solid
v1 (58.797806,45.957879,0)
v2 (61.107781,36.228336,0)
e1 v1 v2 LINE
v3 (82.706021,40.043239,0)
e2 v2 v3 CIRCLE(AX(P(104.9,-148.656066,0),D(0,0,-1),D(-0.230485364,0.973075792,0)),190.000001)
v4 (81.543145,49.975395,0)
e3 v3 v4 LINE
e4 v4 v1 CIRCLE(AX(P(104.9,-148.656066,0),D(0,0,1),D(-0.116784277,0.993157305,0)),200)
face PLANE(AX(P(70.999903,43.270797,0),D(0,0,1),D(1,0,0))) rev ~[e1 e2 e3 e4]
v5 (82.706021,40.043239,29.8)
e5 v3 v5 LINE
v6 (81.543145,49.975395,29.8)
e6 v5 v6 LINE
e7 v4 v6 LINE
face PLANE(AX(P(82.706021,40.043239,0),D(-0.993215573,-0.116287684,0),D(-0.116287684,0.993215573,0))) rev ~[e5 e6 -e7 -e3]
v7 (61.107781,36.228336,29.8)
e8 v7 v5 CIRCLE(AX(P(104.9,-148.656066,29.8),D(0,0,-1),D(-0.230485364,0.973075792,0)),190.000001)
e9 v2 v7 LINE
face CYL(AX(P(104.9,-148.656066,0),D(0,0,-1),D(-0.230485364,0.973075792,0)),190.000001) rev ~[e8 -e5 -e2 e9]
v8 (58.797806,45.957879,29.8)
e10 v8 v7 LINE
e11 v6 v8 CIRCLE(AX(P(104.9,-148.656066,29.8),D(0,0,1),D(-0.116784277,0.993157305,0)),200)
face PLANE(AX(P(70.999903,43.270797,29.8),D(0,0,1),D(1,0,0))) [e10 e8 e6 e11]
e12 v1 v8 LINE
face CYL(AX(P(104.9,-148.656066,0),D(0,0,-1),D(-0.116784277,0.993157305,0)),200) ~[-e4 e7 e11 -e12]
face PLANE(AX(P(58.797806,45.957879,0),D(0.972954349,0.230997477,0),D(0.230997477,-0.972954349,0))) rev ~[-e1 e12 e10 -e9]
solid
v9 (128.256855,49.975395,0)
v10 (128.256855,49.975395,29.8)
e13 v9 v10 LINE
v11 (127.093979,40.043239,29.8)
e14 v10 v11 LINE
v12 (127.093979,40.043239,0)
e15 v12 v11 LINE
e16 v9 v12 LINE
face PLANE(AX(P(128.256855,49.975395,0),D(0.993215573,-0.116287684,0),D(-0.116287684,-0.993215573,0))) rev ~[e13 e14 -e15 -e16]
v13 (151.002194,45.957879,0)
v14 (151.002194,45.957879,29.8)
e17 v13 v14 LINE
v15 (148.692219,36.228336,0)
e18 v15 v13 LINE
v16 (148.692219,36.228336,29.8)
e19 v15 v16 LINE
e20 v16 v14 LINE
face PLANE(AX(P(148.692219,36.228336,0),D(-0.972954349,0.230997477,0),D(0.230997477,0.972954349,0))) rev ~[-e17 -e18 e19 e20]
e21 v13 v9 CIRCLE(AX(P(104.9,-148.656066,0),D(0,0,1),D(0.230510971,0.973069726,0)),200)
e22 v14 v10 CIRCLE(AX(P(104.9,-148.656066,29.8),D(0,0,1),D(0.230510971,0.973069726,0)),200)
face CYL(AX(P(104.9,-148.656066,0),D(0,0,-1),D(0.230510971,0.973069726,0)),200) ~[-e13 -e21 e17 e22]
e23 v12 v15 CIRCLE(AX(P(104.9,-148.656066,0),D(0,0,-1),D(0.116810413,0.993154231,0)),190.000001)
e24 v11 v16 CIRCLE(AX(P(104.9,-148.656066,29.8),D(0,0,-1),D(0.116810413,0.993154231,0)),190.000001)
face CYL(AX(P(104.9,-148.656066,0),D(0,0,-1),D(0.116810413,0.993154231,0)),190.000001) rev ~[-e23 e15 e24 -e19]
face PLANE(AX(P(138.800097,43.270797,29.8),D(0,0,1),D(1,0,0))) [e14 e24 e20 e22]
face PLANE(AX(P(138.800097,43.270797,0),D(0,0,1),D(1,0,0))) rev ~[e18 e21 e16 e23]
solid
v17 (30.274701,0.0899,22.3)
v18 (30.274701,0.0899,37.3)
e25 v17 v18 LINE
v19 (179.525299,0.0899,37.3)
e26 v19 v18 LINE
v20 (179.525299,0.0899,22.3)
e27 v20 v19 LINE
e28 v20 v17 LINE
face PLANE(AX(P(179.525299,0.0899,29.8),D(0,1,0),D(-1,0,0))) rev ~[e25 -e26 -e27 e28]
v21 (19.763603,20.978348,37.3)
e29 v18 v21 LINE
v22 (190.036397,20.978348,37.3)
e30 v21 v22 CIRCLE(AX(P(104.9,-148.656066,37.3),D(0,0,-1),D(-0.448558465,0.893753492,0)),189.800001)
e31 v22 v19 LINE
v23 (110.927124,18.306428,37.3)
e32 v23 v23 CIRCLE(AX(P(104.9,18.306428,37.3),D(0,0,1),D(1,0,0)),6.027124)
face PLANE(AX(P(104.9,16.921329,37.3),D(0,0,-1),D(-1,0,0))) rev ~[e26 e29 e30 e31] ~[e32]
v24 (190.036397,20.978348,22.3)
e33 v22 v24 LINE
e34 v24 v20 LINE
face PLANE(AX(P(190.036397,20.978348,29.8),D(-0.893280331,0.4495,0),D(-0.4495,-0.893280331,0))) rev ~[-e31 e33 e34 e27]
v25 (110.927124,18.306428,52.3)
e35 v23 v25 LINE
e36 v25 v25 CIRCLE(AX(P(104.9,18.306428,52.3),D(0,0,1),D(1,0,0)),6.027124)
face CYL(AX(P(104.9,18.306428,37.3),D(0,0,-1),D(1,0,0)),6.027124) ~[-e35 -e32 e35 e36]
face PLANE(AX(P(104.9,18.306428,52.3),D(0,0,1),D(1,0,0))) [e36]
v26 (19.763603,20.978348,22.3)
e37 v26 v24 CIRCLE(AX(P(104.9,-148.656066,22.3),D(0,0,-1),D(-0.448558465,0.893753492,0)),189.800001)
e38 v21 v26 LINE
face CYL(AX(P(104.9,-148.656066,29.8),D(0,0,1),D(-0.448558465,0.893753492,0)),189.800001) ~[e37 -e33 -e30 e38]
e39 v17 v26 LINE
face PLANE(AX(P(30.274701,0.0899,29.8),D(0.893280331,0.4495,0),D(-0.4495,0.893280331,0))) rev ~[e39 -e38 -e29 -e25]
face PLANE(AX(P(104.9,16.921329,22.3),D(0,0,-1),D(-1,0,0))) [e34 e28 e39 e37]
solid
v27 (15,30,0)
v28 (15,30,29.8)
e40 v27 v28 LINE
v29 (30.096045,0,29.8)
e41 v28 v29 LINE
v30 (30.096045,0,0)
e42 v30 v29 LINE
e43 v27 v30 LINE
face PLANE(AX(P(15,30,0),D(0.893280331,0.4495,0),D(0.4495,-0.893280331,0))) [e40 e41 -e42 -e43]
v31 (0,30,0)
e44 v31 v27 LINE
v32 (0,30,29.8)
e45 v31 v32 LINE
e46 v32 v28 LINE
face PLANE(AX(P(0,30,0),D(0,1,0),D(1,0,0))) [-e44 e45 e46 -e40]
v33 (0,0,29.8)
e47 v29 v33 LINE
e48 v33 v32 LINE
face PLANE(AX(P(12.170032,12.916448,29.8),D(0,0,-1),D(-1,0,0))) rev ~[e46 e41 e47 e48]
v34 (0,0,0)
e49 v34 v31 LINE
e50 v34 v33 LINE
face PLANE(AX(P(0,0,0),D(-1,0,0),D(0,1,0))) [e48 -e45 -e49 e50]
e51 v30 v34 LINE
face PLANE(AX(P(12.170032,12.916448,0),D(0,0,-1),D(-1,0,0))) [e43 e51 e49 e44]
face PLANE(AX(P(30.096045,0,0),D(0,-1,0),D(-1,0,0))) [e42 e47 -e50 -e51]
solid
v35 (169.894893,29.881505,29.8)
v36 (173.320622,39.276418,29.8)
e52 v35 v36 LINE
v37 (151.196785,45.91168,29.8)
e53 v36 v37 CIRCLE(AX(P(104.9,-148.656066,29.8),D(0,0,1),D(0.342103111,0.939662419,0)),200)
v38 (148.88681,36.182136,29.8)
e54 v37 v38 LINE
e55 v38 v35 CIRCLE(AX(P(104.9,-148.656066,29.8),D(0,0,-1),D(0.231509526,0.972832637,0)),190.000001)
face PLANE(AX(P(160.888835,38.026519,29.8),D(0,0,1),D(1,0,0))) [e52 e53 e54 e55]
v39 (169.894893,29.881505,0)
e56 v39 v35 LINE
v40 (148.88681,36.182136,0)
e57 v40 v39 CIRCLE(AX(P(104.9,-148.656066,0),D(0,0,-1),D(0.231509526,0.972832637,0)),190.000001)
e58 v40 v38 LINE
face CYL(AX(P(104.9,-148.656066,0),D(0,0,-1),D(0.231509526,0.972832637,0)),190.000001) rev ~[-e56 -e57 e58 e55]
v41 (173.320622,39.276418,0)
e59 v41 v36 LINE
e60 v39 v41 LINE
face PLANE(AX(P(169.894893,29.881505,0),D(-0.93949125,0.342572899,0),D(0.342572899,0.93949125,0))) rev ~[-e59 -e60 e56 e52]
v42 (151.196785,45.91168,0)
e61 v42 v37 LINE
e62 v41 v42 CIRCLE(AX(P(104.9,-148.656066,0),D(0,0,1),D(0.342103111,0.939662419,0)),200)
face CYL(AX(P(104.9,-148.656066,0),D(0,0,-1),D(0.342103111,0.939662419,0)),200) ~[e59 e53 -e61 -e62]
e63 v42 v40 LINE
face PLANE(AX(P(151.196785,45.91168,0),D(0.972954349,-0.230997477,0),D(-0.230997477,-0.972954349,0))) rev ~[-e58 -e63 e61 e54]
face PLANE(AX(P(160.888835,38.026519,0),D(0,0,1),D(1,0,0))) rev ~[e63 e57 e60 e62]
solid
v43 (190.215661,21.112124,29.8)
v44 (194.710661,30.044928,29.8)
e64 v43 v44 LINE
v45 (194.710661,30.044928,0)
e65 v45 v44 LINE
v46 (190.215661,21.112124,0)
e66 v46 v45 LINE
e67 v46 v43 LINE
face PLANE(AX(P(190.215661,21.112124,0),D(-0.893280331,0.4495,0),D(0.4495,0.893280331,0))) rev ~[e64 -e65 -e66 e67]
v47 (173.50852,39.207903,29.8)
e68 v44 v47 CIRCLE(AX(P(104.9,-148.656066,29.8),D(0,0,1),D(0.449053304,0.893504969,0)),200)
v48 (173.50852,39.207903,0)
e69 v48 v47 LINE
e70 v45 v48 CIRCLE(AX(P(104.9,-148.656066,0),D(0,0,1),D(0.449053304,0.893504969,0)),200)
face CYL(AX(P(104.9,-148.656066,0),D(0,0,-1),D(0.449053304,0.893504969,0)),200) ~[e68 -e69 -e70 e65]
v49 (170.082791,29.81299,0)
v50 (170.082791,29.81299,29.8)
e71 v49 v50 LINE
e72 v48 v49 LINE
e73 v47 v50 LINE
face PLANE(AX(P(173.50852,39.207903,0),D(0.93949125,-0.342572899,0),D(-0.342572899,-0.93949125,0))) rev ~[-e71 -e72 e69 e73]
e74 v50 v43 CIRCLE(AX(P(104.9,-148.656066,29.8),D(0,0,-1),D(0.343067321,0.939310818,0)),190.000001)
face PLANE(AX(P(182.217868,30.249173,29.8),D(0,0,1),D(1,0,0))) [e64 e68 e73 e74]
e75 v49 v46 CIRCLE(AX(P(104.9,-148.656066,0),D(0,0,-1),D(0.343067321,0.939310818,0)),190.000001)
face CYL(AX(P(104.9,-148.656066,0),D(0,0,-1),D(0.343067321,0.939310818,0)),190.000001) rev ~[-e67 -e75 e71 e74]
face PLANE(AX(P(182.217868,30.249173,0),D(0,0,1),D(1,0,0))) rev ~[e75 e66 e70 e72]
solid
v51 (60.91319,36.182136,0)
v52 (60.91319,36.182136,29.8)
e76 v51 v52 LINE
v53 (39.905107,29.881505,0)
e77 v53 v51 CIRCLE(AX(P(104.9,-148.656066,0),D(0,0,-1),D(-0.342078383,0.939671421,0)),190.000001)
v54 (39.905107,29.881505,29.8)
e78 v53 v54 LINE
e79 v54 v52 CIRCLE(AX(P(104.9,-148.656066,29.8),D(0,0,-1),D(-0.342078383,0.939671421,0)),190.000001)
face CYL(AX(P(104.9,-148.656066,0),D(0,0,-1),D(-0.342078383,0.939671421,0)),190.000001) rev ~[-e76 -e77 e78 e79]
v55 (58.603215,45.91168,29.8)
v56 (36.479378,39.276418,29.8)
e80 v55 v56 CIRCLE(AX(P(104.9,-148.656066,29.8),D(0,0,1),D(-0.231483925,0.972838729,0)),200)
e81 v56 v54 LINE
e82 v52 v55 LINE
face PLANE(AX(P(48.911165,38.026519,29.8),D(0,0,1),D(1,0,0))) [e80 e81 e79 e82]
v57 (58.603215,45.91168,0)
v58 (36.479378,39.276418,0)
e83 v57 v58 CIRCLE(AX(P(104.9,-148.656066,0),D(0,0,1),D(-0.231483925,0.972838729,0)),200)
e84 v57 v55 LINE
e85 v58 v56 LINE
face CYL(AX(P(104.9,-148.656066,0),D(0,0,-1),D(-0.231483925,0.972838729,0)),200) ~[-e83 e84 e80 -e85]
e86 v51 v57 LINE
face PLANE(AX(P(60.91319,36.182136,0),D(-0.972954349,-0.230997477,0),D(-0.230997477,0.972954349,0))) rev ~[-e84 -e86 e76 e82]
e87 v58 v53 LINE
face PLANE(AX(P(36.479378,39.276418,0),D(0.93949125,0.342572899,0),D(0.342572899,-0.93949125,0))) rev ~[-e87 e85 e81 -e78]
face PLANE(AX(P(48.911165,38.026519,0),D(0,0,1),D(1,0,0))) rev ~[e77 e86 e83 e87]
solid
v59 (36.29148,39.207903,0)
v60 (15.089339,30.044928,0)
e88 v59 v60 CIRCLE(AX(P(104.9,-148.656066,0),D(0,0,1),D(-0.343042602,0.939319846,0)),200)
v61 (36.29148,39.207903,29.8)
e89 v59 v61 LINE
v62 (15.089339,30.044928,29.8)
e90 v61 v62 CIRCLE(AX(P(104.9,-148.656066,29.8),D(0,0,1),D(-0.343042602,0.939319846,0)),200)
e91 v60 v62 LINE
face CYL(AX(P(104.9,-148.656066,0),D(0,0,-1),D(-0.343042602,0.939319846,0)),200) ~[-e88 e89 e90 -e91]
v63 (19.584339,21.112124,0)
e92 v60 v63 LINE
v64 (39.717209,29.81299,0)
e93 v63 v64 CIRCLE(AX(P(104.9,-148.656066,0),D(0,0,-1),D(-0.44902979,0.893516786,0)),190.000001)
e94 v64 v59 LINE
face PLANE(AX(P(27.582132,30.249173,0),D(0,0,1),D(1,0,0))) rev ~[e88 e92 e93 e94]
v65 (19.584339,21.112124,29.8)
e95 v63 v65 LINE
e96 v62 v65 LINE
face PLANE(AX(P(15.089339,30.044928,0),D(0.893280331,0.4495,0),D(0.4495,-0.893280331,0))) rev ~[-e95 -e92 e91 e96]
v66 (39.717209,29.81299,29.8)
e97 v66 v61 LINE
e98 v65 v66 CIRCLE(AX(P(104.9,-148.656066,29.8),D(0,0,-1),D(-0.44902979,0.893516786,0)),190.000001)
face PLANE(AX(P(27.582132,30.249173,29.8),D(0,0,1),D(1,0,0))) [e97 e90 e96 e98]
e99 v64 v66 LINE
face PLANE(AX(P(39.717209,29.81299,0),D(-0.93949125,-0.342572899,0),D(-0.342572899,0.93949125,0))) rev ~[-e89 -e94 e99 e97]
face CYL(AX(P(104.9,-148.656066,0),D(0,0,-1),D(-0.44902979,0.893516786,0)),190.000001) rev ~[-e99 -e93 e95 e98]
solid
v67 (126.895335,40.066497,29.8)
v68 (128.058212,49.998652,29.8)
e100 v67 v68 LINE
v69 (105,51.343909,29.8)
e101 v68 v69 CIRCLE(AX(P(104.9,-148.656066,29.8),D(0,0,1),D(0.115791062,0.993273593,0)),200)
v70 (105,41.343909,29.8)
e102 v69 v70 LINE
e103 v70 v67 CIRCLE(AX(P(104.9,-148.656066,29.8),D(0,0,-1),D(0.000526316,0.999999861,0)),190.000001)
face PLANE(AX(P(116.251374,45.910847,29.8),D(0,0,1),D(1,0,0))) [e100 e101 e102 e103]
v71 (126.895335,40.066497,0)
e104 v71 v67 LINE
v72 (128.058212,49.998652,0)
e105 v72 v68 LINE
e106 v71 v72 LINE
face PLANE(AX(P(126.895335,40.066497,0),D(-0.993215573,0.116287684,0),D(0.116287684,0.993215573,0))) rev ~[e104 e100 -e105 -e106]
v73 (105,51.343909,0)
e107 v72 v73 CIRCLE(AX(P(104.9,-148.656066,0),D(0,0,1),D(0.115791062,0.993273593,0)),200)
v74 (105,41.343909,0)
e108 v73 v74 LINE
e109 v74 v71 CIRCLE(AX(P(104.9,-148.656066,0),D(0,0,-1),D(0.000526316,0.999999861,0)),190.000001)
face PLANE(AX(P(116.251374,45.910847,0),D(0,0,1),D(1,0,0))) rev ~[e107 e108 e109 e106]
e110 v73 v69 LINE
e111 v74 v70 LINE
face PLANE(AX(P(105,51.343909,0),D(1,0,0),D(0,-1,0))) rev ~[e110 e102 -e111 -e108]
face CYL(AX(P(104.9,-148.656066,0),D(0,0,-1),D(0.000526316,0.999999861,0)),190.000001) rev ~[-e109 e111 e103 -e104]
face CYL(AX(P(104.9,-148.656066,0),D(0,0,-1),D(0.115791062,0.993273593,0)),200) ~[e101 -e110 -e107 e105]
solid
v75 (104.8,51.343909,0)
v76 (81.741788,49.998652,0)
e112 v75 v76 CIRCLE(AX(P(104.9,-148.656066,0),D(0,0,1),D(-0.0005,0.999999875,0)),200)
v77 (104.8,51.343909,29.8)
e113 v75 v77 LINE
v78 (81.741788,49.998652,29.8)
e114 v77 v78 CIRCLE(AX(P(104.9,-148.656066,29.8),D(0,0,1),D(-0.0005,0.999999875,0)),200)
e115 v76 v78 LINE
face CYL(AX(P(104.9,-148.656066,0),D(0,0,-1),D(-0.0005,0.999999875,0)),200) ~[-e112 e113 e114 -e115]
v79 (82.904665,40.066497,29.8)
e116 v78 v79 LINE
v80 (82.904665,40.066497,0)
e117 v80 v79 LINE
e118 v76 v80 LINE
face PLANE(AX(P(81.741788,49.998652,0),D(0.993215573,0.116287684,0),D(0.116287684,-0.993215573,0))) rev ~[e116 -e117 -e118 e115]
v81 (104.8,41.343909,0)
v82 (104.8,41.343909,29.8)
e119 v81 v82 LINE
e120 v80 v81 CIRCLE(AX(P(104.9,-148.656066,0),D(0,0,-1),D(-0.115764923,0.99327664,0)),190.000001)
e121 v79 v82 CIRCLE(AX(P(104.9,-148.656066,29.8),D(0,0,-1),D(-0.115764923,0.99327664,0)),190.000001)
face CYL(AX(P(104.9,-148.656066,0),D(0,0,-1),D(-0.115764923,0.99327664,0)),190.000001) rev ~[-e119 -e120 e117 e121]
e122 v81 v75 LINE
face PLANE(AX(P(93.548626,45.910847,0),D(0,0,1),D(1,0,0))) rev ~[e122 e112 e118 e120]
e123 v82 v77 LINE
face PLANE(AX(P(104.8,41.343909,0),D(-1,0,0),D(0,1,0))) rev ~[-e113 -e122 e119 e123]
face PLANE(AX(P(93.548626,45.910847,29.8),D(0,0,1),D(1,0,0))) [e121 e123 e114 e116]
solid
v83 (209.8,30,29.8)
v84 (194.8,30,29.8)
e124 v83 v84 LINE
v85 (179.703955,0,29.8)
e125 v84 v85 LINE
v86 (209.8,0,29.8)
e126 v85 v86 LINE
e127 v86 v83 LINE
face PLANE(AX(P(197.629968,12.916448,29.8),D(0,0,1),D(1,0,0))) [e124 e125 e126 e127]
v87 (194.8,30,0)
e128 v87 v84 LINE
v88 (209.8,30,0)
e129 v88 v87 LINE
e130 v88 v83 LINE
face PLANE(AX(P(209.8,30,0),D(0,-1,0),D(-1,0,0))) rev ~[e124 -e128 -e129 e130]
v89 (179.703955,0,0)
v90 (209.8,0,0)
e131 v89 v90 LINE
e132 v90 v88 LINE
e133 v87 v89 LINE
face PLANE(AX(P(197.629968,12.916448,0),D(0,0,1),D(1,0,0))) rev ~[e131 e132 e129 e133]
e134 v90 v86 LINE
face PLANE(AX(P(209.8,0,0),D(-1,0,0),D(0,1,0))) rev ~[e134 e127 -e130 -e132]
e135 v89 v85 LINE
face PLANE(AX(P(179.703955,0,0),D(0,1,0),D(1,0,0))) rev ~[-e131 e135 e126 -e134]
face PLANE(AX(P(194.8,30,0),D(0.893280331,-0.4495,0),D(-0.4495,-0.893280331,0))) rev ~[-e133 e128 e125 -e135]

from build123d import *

# Parameters (mm, degrees)
BOSS_EXTRUDE1_DEPTH    = 29.8
BOSS_EXTRUDE1_2_DEPTH  = 29.8
BOSS_EXTRUDE1_3_DEPTH  = 29.8
BOSS_EXTRUDE1_4_DEPTH  = 29.8
BOSS_EXTRUDE1_5_DEPTH  = 29.8
BOSS_EXTRUDE1_6_DEPTH  = 29.8
BOSS_EXTRUDE1_7_DEPTH  = 29.8
BOSS_EXTRUDE1_8_DEPTH  = 29.8
BOSS_EXTRUDE1_9_DEPTH  = 29.8
BOSS_EXTRUDE1_10_DEPTH = 29.8
BOSS_EXTRUDE2_DEPTH    = 7.5
SKETCH3_R              = 6.027124085
BOSS_EXTRUDE3_DEPTH    = 15


with BuildPart() as part:
    # Sketch1 → Boss-Extrude1 (new body)
    with BuildSketch(Plane.XY):
        Polygon((0, 0), (0, 30), (15, 30), (30.096044914, 0), align=None)
    extrude(amount=BOSS_EXTRUDE1_DEPTH)


with BuildPart() as body_2:
    # Sketch1 → Boss-Extrude1 2 (new body)
    with BuildSketch(Plane.XY):
        Polygon((179.703955086, 0), (209.8, 0), (209.8, 30), (194.8, 30), align=None)
    extrude(amount=BOSS_EXTRUDE1_2_DEPTH)


with BuildPart() as body_3:
    # Sketch1 → Boss-Extrude1 3 (new body)
    with BuildSketch(Plane.XY):
        with BuildLine():
            Line((15.089339271, 30.044927668), (19.584339271, 21.112124357))
            ThreePointArc((19.584339271, 21.112124357), (29.525121598, 25.753303377), (39.717208561, 29.812990475))
            Line((39.717208561, 29.812990475), (36.291479568, 39.207902974))
            ThreePointArc((36.291479568, 39.207902974), (25.558023285, 34.932742611), (15.089339271, 30.044927668))
        make_face()
    extrude(amount=BOSS_EXTRUDE1_3_DEPTH)


with BuildPart() as body_4:
    # Sketch1 → Boss-Extrude1 4 (new body)
    with BuildSketch(Plane.XY):
        with BuildLine():
            Line((36.479377818, 39.276417553), (39.905106811, 29.881505054))
            ThreePointArc((39.905106811, 29.881505054), (50.318158586, 33.335205782), (60.913189689, 36.182136043))
            Line((60.913189689, 36.182136043), (58.603214918, 45.911679535))
            ThreePointArc((58.603214918, 45.911679535), (47.445430489, 42.913692456), (36.479377818, 39.276417553))
        make_face()
    extrude(amount=BOSS_EXTRUDE1_4_DEPTH)


with BuildPart() as body_5:
    # Sketch1 → Boss-Extrude1 5 (new body)
    with BuildSketch(Plane.XY):
        with BuildLine():
            Line((58.797805788, 45.95787903), (61.107780559, 36.228335538))
            ThreePointArc((61.107780559, 36.228335538), (71.851808604, 38.447695213), (82.706021419, 40.043239056))
            Line((82.706021419, 40.043239056), (81.54314458, 49.975394787))
            ThreePointArc((81.54314458, 49.975394787), (70.11243035, 48.295260241), (58.797805788, 45.95787903))
        make_face()
    extrude(amount=BOSS_EXTRUDE1_5_DEPTH)


with BuildPart() as body_6:
    # Sketch1 → Boss-Extrude1 6 (new body)
    with BuildSketch(Plane.XY):
        with BuildLine():
            Line((81.741787695, 49.998652324), (82.904664533, 40.066496593))
            ThreePointArc((82.904664533, 40.066496593), (93.833884701, 41.021401048), (104.8, 41.343908772))
            Line((104.8, 41.343908772), (104.8, 51.343908772))
            ThreePointArc((104.8, 51.343908772), (93.25145766, 51.004424259), (81.741787695, 49.998652324))
        make_face()
    extrude(amount=BOSS_EXTRUDE1_6_DEPTH)


with BuildPart() as body_7:
    # Sketch1 → Boss-Extrude1 7 (new body)
    with BuildSketch(Plane.XY):
        with BuildLine():
            Line((105, 51.343908772), (105, 41.343908772))
            ThreePointArc((105, 41.343908772), (115.966115299, 41.021401048), (126.895335467, 40.066496593))
            Line((126.895335467, 40.066496593), (128.058212305, 49.998652324))
            ThreePointArc((128.058212305, 49.998652324), (116.54854234, 51.004424259), (105, 51.343908772))
        make_face()
    extrude(amount=BOSS_EXTRUDE1_7_DEPTH)


with BuildPart() as body_8:
    # Sketch1 → Boss-Extrude1 8 (new body)
    with BuildSketch(Plane.XY):
        with BuildLine():
            Line((128.25685542, 49.975394787), (127.093978581, 40.043239056))
            ThreePointArc((127.093978581, 40.043239056), (137.948191396, 38.447695213), (148.692219441, 36.228335538))
            Line((148.692219441, 36.228335538), (151.002194212, 45.95787903))
            ThreePointArc((151.002194212, 45.95787903), (139.68756965, 48.295260241), (128.25685542, 49.975394787))
        make_face()
    extrude(amount=BOSS_EXTRUDE1_8_DEPTH)


with BuildPart() as body_9:
    # Sketch1 → Boss-Extrude1 9 (new body)
    with BuildSketch(Plane.XY):
        with BuildLine():
            Line((151.196785082, 45.911679535), (148.886810311, 36.182136043))
            ThreePointArc((148.886810311, 36.182136043), (159.481841414, 33.335205782), (169.894893189, 29.881505054))
            Line((169.894893189, 29.881505054), (173.320622182, 39.276417553))
            ThreePointArc((173.320622182, 39.276417553), (162.354569511, 42.913692456), (151.196785082, 45.911679535))
        make_face()
    extrude(amount=BOSS_EXTRUDE1_9_DEPTH)


with BuildPart() as body_10:
    # Sketch1 → Boss-Extrude1 10 (new body)
    with BuildSketch(Plane.XY):
        with BuildLine():
            Line((173.508520432, 39.207902974), (170.082791439, 29.812990475))
            ThreePointArc((170.082791439, 29.812990475), (180.274878402, 25.753303377), (190.215660729, 21.112124357))
            Line((190.215660729, 21.112124357), (194.710660729, 30.044927668))
            ThreePointArc((194.710660729, 30.044927668), (184.241976715, 34.932742611), (173.508520432, 39.207902974))
        make_face()
    extrude(amount=BOSS_EXTRUDE1_10_DEPTH)


with BuildPart() as body_11:
    # Sketch2 → Boss-Extrude2 (new, symmetric)
    with BuildSketch(Plane.XY.offset(29.8)):
        with BuildLine():
            Line((30.274700981, 0.0899), (19.76360284, 20.978347669))
            ThreePointArc((19.76360284, 20.978347669), (104.9, 41.143935088), (190.03639716, 20.978347669))
            Line((190.03639716, 20.978347669), (179.525299019, 0.0899))
            Line((179.525299019, 0.0899), (30.274700981, 0.0899))
        make_face()
    extrude(amount=BOSS_EXTRUDE2_DEPTH, both=True)

    # Sketch3 → Boss-Extrude3 (add)
    with BuildSketch(Plane.XY.offset(37.3)):
        with Locations((104.9, 18.306428262)):
            Circle(SKETCH3_R)
    extrude(amount=BOSS_EXTRUDE3_DEPTH)


solid = Compound([part.part, body_2.part, body_3.part, body_4.part, body_5.part, body_6.part, body_7.part, body_8.part, body_9.part, body_10.part, body_11.part])
